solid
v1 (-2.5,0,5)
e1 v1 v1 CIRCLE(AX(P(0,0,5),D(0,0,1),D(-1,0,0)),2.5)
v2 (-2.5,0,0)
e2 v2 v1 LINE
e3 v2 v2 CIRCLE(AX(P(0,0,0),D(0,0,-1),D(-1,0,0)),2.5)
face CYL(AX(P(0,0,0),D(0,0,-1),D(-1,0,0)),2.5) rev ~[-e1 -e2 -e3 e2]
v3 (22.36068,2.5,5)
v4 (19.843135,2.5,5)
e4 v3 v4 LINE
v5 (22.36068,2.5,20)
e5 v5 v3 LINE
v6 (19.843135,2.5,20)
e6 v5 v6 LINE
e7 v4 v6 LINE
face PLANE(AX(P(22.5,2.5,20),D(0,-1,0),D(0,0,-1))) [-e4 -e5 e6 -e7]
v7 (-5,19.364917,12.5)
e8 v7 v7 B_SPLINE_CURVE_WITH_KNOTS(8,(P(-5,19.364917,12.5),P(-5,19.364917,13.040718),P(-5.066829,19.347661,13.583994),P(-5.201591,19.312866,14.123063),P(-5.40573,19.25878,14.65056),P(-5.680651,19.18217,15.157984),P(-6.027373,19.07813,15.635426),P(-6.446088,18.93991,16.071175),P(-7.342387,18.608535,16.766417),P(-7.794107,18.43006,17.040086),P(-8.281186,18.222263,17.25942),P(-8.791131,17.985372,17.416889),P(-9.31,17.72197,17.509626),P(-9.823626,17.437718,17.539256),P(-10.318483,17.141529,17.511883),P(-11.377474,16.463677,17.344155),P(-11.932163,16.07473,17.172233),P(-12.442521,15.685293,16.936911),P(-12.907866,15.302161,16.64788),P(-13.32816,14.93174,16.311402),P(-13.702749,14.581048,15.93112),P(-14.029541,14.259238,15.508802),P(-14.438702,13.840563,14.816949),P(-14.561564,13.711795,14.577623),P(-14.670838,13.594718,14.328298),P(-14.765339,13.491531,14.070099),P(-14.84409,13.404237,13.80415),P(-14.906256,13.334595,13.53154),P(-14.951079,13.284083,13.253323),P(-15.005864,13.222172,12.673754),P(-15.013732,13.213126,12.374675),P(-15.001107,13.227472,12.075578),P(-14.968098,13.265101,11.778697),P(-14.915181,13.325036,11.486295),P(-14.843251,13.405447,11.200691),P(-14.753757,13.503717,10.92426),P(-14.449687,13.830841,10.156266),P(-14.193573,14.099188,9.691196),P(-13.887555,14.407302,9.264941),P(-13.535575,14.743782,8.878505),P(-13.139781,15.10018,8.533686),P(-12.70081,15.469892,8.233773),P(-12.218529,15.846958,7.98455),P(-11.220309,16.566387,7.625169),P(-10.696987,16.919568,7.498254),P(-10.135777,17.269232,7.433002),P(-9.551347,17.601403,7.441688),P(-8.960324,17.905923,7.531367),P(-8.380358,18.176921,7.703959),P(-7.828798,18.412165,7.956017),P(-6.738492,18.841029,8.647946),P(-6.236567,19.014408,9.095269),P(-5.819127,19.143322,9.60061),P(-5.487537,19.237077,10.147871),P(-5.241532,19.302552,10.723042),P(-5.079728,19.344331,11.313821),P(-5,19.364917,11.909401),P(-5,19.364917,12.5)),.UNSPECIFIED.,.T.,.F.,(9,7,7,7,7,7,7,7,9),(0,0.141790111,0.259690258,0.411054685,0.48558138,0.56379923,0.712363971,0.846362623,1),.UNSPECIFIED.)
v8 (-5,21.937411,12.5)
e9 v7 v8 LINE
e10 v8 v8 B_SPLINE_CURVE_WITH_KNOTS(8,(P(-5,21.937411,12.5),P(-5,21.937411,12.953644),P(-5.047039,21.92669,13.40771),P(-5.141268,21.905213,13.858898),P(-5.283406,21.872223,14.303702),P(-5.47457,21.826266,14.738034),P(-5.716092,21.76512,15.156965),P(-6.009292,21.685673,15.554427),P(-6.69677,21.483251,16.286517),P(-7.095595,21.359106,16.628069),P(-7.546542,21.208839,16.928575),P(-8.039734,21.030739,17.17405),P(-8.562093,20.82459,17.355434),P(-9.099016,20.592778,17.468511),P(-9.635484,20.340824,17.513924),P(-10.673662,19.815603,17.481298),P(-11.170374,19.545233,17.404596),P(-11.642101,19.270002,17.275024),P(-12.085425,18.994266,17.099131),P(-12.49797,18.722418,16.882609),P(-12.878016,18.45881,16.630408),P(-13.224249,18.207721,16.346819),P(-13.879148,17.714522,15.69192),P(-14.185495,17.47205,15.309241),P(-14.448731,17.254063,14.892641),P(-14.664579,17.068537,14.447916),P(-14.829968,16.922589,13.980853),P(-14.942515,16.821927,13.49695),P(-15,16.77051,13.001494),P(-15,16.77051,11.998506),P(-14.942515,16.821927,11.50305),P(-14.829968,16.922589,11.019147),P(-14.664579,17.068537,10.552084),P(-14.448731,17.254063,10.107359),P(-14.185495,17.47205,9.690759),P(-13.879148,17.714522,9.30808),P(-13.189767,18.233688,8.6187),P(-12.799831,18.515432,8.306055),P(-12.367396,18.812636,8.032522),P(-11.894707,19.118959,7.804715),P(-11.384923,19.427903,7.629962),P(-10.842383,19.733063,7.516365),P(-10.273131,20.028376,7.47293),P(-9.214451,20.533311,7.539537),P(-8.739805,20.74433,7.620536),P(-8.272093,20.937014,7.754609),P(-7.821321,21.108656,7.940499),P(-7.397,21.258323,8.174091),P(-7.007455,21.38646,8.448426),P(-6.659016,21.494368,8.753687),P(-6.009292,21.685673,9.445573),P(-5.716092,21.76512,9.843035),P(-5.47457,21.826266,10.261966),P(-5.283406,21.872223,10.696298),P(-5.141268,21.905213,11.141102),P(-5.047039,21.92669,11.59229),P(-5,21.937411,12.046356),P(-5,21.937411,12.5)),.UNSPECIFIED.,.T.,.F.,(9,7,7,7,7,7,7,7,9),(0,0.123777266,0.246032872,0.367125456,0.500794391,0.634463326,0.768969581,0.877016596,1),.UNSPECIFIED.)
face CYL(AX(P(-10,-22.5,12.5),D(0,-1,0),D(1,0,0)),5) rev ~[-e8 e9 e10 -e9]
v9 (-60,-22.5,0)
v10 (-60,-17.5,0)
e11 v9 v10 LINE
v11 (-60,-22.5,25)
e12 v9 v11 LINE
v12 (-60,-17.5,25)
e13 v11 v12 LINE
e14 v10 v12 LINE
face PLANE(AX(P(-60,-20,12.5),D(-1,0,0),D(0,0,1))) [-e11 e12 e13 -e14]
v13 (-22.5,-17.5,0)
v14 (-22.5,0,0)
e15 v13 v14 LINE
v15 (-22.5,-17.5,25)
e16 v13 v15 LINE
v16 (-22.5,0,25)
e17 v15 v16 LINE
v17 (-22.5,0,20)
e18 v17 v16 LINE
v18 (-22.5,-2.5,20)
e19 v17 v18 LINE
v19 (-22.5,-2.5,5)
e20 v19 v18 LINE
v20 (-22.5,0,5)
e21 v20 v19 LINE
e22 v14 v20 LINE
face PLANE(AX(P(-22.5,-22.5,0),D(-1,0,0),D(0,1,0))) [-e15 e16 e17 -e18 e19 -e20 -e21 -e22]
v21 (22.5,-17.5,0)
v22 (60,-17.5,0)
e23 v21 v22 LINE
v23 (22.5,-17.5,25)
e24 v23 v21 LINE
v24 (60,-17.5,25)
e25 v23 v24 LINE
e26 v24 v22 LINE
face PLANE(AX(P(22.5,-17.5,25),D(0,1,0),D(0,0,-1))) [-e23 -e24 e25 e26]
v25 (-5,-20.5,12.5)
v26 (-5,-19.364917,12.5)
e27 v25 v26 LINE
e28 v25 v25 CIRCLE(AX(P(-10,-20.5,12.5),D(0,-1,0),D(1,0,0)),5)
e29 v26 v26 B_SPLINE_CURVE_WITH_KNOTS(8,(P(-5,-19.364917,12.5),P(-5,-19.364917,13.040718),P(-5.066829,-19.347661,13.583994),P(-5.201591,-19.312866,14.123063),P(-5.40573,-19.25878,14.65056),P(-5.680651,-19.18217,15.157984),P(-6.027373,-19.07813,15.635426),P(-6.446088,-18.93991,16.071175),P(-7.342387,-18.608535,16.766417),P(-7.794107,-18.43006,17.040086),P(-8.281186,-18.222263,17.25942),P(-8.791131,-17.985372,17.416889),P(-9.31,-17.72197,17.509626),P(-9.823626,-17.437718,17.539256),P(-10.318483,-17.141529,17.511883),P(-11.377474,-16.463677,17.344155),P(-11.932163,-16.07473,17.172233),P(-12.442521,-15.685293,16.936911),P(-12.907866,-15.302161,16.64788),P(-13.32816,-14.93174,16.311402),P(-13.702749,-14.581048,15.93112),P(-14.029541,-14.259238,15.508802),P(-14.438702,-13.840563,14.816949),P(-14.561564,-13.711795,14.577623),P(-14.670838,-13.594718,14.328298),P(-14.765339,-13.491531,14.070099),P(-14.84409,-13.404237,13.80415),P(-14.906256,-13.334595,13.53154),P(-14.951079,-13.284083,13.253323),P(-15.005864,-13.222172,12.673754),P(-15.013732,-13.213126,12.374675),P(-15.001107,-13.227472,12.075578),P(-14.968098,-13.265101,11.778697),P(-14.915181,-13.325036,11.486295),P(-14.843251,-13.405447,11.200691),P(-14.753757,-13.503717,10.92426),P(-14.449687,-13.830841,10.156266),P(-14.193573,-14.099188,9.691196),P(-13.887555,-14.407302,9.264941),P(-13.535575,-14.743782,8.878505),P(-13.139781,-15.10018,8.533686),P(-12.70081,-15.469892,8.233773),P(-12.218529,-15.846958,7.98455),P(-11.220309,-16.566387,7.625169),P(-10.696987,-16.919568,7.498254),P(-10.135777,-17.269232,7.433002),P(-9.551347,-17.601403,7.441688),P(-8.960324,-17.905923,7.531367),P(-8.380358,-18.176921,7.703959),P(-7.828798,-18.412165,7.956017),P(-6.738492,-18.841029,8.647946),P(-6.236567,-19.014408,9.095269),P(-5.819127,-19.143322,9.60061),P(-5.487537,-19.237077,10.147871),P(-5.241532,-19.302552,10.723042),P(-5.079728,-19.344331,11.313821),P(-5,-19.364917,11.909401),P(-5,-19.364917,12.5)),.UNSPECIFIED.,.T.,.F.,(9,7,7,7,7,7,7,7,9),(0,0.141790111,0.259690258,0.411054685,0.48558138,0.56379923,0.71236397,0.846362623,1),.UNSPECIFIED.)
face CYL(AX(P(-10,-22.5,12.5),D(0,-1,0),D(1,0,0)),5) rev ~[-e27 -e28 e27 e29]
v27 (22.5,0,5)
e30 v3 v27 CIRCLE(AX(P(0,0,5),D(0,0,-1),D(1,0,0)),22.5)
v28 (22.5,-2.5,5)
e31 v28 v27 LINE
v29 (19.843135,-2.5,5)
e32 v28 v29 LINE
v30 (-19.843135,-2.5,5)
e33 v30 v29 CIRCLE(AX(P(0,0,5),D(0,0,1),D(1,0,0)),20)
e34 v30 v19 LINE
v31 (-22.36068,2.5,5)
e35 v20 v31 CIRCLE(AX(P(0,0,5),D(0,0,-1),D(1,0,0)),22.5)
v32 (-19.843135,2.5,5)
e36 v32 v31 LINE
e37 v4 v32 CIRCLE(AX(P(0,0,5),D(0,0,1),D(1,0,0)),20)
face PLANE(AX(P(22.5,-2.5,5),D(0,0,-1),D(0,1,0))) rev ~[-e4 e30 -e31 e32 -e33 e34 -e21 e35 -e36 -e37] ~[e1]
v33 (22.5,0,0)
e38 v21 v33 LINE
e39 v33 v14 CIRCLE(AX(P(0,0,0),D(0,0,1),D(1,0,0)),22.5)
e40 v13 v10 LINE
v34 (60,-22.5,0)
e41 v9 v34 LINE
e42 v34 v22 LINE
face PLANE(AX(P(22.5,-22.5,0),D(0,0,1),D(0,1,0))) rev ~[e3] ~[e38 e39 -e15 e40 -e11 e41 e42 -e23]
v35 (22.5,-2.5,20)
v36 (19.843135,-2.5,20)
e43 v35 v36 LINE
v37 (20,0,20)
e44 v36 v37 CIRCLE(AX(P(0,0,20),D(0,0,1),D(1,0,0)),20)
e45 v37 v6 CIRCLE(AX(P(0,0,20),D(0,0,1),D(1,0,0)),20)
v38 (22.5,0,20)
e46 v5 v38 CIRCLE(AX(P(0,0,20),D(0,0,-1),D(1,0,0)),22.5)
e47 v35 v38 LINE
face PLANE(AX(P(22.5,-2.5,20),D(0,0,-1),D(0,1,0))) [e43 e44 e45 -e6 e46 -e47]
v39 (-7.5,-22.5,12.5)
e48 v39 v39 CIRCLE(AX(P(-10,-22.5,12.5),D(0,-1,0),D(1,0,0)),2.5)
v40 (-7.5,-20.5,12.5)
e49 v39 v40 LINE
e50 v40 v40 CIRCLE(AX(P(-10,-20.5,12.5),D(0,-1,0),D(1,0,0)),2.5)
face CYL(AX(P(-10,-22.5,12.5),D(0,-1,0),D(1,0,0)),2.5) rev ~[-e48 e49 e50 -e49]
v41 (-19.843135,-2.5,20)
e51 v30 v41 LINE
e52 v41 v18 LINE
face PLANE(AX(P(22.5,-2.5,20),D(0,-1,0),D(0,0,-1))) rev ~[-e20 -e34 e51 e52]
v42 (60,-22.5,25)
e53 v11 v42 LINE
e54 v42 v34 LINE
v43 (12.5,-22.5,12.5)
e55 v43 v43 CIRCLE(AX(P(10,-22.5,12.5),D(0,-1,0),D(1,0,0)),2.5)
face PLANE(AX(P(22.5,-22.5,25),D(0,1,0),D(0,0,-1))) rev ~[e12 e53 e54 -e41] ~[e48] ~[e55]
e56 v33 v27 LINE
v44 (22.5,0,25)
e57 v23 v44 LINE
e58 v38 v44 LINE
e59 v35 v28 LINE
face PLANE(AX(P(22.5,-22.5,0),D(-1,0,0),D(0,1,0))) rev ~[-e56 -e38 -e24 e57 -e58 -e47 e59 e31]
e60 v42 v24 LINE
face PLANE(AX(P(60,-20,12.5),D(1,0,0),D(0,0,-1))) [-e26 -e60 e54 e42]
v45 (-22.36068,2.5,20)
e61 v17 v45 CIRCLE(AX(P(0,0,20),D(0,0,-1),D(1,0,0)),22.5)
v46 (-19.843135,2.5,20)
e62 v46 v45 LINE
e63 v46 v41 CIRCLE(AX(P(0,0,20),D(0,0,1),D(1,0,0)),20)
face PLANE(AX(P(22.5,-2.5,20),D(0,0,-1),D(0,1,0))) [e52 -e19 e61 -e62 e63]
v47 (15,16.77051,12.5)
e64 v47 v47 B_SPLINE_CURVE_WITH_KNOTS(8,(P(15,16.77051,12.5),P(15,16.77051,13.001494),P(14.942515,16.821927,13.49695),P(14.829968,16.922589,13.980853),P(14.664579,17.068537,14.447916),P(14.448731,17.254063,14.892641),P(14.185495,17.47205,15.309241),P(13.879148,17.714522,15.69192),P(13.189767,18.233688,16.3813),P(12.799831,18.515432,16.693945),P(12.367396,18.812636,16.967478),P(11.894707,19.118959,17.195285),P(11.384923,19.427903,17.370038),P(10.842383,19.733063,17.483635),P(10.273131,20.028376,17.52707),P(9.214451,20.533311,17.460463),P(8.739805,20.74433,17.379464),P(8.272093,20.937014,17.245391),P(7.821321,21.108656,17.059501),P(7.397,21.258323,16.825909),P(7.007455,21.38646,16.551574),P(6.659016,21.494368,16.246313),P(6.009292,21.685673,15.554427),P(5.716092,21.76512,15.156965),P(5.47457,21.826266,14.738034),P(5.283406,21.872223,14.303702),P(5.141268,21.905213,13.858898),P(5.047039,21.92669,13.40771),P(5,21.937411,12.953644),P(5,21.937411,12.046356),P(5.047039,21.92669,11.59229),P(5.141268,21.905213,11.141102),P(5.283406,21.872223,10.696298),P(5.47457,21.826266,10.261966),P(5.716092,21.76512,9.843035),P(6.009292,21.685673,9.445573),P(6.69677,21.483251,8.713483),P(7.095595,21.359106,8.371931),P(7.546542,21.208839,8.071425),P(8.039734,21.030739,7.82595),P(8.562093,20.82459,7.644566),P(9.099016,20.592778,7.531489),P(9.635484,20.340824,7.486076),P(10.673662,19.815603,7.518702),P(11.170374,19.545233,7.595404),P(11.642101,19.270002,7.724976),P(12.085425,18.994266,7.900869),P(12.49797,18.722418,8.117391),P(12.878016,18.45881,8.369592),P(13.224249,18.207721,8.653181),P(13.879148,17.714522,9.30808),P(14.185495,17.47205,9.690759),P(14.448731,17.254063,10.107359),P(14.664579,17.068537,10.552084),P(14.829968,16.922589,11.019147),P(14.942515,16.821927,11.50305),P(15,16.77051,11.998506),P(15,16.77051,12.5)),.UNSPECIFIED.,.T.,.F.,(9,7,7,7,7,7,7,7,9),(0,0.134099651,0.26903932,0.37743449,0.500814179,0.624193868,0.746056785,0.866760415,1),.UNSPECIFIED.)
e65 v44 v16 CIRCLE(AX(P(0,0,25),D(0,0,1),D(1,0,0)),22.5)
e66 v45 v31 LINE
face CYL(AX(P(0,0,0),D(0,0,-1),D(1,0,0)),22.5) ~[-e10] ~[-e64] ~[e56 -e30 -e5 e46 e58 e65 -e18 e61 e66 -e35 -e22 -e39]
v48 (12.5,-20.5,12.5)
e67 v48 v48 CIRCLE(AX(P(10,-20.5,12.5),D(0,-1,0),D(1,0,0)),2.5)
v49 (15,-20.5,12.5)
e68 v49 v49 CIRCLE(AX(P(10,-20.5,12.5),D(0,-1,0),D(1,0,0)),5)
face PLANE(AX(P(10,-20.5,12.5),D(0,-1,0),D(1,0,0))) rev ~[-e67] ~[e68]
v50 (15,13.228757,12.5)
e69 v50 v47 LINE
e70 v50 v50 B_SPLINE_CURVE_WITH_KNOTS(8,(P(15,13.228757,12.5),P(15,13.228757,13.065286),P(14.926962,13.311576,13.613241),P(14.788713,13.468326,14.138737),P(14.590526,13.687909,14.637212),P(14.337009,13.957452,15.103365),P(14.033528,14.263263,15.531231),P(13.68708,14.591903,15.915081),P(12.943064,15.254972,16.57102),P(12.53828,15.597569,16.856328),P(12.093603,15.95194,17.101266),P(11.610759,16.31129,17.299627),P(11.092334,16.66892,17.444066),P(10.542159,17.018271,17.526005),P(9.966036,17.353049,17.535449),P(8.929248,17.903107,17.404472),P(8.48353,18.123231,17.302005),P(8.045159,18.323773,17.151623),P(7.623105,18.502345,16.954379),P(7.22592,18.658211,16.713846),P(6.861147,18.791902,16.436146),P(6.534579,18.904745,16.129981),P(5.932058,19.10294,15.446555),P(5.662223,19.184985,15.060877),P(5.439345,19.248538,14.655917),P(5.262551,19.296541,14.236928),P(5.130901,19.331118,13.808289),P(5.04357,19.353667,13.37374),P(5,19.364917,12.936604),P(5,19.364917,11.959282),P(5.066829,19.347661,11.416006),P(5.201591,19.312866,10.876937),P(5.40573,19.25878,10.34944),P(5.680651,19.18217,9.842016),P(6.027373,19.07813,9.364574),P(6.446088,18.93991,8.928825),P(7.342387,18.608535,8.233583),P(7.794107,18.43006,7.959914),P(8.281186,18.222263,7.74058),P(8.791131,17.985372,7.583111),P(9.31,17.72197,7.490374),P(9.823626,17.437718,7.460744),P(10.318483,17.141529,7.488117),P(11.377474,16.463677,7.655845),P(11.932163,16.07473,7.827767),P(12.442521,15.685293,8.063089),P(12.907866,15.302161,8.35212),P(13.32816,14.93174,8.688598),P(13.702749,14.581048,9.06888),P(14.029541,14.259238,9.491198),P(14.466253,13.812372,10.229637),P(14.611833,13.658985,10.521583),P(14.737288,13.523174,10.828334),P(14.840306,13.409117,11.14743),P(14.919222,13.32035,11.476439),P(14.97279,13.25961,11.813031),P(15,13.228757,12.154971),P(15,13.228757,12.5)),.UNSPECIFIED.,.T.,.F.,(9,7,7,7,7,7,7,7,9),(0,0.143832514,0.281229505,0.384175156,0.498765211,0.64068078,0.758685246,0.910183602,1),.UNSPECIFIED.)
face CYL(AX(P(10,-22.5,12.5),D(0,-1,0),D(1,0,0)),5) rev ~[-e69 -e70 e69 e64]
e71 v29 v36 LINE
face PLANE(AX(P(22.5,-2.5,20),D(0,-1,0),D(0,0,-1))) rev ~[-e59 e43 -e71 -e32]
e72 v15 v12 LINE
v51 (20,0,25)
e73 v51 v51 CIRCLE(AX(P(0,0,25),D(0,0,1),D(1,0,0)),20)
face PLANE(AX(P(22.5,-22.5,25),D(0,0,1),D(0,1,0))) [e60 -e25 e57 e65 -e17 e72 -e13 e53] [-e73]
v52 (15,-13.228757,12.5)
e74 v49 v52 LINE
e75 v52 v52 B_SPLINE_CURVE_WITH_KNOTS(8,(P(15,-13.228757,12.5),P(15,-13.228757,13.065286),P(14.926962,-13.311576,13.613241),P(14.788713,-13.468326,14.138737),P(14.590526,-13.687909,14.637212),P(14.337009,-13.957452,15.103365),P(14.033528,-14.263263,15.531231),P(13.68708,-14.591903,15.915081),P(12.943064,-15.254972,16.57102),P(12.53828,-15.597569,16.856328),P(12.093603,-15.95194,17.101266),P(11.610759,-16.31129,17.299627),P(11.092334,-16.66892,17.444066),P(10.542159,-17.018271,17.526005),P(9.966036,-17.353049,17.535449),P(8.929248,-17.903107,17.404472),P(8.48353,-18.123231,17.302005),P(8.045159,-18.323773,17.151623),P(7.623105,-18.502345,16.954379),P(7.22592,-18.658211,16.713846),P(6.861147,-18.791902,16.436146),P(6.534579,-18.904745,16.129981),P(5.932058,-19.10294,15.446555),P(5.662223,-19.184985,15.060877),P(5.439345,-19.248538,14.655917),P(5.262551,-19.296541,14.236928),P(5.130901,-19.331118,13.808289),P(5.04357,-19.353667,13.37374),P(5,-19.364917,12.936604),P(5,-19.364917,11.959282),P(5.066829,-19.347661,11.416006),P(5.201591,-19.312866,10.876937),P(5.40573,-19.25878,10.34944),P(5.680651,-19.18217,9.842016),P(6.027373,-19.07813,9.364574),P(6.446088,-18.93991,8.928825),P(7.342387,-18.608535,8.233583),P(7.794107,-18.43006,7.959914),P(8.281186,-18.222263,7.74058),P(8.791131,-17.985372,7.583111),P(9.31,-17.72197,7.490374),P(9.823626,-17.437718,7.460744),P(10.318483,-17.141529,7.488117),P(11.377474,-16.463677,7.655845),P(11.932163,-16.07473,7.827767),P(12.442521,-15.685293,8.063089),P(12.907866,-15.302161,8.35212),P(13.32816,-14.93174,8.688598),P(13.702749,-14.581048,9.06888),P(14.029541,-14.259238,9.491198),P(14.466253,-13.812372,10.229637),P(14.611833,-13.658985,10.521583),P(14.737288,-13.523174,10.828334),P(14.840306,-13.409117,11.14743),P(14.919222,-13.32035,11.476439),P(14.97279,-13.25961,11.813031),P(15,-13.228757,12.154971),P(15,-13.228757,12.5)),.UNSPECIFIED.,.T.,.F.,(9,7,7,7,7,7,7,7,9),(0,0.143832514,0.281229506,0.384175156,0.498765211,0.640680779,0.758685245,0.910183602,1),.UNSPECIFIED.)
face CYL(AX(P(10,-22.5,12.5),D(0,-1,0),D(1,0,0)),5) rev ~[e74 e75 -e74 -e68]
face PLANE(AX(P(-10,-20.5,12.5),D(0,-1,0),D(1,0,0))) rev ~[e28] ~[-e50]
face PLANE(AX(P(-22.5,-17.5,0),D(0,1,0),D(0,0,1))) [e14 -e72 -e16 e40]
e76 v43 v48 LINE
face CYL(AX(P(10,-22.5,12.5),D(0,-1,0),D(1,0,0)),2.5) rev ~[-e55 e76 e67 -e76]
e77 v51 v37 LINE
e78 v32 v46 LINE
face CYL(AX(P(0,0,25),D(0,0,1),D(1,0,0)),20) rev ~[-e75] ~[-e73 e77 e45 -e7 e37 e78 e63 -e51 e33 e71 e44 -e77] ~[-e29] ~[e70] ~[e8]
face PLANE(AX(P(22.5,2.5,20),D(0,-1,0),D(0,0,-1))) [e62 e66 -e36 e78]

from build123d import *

# Parameters (mm, degrees)
SKETCH2_R           = 22.5
BOSS_EXTRUDE3_DEPTH = 25
SKETCH6_W           = 45
SKETCH6_H           = 22.5
BOSS_EXTRUDE4_DEPTH = 25
SKETCH4_R           = 20
CUT_EXTRUDE1_DEPTH  = 20
SKETCH5_R           = 2.5
CUT_EXTRUDE2_DEPTH  = 5
SKETCH7_R           = 5
CUT_EXTRUDE6_DEPTH  = 46
SKETCH9_R           = 5
SKETCH9_R_2         = 2.5
BOSS_EXTRUDE5_DEPTH = 2
SKETCH14_W          = 15
SKETCH14_H          = 5
CUT_EXTRUDE8_DEPTH  = 46.0000001
SKETCH15_W          = 25
SKETCH15_H          = 5
BOSS_EXTRUDE6_DEPTH = 37.5
SKETCH16_W          = 25
SKETCH16_H          = 5
BOSS_EXTRUDE7_DEPTH = 37.5


with BuildPart() as part:
    # Sketch2 → Boss-Extrude3 (new body)
    with BuildSketch(Plane.XY):
        Circle(SKETCH2_R)
    extrude(amount=BOSS_EXTRUDE3_DEPTH)

    # Sketch6 → Boss-Extrude4 (add)
    with BuildSketch(Plane.XY):
        with Locations((0, -11.25)):
            Rectangle(SKETCH6_W, SKETCH6_H)
    extrude(amount=BOSS_EXTRUDE4_DEPTH)

    # Sketch4 → Cut-Extrude1 (cut)
    with BuildSketch(Plane.XY.offset(25)):
        Circle(SKETCH4_R)
    extrude(amount=-CUT_EXTRUDE1_DEPTH, mode=Mode.SUBTRACT)

    # Sketch5 → Cut-Extrude2 (cut)
    with BuildSketch(Plane(origin=(0, 0, 0), x_dir=(-1, 0, 0), z_dir=(0, 0, -1))):
        Circle(SKETCH5_R)
    extrude(amount=-CUT_EXTRUDE2_DEPTH, mode=Mode.SUBTRACT)

    # Sketch7 → Cut-Extrude6 (cut, through all)
    with BuildSketch(Plane.XZ.offset(22.5)):
        with Locations((-10, 12.5)):
            Circle(SKETCH7_R)
        with Locations((10, 12.5)):
            Circle(SKETCH7_R)
    extrude(amount=-CUT_EXTRUDE6_DEPTH, mode=Mode.SUBTRACT)

    # Sketch9 → Boss-Extrude5 (add)
    with BuildSketch(Plane.XZ.offset(22.5)):
        with Locations((-10, 12.5)):
            Circle(SKETCH9_R)
        with Locations((-10, 12.5)):
            Circle(SKETCH9_R_2, mode=Mode.SUBTRACT)
        with Locations((10, 12.5)):
            Circle(SKETCH9_R)
        with Locations((10, 12.5)):
            Circle(SKETCH9_R_2, mode=Mode.SUBTRACT)
    extrude(amount=-BOSS_EXTRUDE5_DEPTH)

    # Sketch14 → Cut-Extrude8 (cut, through all)
    with BuildSketch(Plane(origin=(22.5, 0, 0), x_dir=(0, 0, -1), z_dir=(1, 0, 0))):
        with Locations((-12.5, 0)):
            Rectangle(SKETCH14_W, SKETCH14_H)
    extrude(amount=-CUT_EXTRUDE8_DEPTH, mode=Mode.SUBTRACT)

    # Sketch15 → Boss-Extrude6 (add)
    with BuildSketch(Plane.ZY.offset(22.5)):
        with Locations((12.5, -20)):
            Rectangle(SKETCH15_W, SKETCH15_H)
    extrude(amount=BOSS_EXTRUDE6_DEPTH)

    # Sketch16 → Boss-Extrude7 (add)
    with BuildSketch(Plane(origin=(22.5, 0, 0), x_dir=(0, 0, -1), z_dir=(1, 0, 0))):
        with Locations((-12.5, -20)):
            Rectangle(SKETCH16_W, SKETCH16_H)
    extrude(amount=BOSS_EXTRUDE7_DEPTH)


solid = part.part
